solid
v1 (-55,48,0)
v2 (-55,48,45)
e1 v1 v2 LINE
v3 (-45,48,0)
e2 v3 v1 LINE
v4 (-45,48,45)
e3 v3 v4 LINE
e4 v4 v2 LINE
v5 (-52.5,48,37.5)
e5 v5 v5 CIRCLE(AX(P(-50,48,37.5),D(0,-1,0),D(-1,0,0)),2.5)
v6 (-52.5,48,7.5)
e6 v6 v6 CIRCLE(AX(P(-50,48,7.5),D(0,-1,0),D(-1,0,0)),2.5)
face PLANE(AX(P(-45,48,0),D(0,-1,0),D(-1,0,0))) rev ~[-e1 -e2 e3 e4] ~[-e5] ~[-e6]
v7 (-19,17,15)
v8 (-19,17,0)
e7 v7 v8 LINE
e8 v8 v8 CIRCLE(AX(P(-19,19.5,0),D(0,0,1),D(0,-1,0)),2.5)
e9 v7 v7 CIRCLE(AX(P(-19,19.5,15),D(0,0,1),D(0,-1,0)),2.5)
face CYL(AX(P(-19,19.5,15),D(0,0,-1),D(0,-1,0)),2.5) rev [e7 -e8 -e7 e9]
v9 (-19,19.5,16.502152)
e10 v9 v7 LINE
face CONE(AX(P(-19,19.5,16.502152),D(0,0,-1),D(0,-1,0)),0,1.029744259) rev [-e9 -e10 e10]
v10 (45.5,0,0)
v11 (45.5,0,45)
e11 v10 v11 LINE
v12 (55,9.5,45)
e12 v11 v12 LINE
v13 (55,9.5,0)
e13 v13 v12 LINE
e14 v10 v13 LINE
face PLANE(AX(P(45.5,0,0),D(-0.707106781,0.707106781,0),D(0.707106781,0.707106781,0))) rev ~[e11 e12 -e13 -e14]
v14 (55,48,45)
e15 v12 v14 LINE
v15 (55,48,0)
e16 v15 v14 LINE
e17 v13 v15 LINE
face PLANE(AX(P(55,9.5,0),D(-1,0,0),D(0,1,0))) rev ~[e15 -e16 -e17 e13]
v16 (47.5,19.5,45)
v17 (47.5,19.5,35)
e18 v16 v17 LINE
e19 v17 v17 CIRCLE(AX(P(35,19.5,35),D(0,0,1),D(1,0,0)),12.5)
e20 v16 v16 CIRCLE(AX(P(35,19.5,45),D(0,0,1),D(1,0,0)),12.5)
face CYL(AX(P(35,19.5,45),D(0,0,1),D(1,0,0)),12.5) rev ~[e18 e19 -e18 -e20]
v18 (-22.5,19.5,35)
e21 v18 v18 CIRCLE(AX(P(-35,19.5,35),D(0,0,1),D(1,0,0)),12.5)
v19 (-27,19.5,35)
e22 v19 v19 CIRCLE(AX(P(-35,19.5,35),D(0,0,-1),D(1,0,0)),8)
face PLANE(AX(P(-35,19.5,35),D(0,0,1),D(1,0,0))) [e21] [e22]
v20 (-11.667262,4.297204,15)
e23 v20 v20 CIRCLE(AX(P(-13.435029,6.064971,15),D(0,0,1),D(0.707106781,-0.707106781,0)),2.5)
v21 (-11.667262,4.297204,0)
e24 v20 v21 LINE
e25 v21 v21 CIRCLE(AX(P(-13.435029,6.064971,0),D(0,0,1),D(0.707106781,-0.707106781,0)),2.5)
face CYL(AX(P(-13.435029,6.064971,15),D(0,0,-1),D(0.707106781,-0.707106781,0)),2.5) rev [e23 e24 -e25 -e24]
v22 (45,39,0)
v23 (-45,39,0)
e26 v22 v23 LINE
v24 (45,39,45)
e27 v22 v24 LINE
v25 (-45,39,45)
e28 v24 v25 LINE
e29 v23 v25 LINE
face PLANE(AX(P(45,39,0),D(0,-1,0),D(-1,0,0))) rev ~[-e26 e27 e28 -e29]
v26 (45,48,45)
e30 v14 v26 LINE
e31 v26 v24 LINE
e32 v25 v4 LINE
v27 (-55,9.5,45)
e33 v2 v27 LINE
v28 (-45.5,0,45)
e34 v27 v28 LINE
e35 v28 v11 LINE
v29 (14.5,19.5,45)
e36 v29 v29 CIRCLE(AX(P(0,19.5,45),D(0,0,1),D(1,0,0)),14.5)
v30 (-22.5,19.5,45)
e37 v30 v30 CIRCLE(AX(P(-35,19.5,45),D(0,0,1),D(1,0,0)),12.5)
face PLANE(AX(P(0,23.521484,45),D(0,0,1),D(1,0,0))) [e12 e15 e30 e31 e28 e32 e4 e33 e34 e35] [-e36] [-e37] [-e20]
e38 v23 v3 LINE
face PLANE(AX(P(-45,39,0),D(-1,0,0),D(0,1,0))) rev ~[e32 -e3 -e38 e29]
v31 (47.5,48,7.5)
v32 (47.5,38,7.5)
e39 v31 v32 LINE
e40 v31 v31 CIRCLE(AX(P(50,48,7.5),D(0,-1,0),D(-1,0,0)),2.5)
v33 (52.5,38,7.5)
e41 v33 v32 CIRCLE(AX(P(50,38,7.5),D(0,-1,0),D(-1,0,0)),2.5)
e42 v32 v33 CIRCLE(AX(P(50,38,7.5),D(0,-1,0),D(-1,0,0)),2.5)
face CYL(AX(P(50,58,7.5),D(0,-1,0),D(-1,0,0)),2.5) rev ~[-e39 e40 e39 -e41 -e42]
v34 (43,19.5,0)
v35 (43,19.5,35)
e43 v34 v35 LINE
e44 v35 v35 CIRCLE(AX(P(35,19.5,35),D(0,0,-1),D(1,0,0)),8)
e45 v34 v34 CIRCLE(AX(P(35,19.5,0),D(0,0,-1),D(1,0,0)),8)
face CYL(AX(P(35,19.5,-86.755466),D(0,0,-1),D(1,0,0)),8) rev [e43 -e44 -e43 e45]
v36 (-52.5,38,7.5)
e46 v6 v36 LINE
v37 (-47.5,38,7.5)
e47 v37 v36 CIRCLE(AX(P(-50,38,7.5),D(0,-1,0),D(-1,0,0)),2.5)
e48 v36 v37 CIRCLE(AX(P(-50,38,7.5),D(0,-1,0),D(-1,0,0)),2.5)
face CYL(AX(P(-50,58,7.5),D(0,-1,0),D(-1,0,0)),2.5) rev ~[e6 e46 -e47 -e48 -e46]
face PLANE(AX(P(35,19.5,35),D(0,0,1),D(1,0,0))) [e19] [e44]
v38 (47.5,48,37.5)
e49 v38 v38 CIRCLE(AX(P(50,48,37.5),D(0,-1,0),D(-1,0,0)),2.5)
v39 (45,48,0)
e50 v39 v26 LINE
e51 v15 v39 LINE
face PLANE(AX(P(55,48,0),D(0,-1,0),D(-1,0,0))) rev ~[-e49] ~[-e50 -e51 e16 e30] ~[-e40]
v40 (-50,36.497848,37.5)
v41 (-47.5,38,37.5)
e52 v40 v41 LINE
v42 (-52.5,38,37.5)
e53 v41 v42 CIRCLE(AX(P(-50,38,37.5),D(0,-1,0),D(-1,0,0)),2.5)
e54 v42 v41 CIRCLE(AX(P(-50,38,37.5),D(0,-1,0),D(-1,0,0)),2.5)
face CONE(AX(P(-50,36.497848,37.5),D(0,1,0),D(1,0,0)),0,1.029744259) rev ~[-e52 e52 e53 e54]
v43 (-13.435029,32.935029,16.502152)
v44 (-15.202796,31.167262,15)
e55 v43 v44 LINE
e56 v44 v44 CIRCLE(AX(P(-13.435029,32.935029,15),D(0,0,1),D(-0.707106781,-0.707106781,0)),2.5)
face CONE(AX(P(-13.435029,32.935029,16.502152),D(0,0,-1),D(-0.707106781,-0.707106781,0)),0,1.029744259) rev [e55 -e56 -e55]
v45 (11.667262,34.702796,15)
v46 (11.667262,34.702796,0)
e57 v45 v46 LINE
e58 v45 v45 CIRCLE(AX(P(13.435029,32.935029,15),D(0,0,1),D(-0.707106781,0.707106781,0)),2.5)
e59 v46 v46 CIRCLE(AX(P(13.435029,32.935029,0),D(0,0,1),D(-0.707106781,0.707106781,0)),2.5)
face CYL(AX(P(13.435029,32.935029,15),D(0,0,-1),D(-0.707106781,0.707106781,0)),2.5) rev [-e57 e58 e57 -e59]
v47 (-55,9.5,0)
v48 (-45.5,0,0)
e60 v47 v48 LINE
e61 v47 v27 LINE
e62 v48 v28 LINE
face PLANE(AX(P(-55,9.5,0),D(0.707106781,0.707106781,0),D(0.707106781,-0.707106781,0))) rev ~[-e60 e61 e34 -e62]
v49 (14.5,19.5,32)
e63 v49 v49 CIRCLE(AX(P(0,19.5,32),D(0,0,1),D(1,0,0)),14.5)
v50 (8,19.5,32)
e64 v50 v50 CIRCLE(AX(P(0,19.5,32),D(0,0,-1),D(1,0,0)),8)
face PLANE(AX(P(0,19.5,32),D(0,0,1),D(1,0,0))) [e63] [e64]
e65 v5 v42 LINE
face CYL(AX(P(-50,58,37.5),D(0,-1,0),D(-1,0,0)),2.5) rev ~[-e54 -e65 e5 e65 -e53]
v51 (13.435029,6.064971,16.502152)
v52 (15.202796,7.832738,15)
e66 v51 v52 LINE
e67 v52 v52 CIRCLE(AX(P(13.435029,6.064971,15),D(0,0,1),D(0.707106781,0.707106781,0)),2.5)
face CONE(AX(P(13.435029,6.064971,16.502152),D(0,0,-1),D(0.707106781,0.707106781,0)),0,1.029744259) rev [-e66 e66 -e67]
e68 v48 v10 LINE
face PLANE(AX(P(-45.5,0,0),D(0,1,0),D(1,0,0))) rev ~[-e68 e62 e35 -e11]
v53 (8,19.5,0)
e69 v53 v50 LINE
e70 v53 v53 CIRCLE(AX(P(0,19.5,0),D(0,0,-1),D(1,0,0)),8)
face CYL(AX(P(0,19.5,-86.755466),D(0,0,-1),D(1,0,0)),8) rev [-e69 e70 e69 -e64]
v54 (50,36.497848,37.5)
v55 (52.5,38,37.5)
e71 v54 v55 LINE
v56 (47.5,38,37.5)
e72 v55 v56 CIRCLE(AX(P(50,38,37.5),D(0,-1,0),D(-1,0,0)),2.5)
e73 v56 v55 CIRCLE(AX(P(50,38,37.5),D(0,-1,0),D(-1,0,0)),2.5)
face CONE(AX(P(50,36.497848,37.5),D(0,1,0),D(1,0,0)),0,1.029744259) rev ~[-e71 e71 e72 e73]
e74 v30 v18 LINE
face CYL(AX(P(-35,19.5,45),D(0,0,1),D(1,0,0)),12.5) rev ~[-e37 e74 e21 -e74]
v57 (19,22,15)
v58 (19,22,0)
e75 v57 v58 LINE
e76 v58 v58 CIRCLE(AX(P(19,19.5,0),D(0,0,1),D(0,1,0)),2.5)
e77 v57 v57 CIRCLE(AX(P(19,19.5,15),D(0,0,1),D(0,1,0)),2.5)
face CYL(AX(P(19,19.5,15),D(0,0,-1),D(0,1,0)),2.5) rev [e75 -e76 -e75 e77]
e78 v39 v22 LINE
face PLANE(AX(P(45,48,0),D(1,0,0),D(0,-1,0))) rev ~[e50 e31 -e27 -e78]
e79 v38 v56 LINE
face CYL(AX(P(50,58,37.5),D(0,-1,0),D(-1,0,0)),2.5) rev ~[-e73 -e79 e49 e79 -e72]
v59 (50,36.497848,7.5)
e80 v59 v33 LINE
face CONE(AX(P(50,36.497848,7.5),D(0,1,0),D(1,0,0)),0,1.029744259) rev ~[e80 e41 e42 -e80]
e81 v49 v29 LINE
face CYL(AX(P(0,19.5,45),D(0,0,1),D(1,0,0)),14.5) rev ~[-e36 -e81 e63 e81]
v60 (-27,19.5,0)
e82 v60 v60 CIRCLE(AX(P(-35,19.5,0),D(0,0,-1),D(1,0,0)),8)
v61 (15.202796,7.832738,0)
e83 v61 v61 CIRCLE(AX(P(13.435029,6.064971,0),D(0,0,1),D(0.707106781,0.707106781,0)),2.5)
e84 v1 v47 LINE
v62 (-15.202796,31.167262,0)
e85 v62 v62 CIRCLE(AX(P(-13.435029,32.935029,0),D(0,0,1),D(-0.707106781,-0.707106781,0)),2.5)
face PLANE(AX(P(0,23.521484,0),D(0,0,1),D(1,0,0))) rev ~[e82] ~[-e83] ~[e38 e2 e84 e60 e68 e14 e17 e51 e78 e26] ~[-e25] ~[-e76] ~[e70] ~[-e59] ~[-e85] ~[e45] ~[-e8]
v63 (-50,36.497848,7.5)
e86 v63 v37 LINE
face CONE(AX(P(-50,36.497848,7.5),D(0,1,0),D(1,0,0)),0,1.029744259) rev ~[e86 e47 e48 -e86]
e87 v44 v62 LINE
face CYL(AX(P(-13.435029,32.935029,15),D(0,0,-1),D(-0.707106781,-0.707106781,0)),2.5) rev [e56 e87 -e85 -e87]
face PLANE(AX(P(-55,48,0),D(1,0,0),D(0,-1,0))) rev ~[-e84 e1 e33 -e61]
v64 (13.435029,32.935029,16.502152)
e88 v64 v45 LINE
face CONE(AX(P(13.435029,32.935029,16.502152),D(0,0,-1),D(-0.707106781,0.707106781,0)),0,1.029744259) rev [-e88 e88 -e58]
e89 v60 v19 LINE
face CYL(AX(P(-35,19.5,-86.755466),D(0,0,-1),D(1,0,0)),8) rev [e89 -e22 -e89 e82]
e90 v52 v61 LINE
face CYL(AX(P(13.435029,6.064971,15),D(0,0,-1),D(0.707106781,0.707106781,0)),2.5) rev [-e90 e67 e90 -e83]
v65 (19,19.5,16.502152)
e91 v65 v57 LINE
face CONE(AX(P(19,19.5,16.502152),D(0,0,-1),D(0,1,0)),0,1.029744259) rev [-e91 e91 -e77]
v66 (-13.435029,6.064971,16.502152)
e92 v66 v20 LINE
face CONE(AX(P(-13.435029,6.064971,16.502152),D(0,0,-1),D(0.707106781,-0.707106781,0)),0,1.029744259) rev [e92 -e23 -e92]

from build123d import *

# Parameters (mm, degrees)
BOSS_EXTRUDE1_DEPTH       = 45
M6X1_0_TAPPED_HOLE1_D     = 5
M6X1_0_TAPPED_HOLE1_DEPTH = 10
M6X1_0_TAPPED_HOLE1_TIP   = 1.502151548
SKETCH5_R                 = 12.5
SKETCH5_R_2               = 14.5
CUT_EXTRUDE1_DEPTH        = 10
SKETCH6_R                 = 14.5
CUT_EXTRUDE2_DEPTH        = 3
CUT_EXTRUDE3_DEPTH        = 86.755466298
CUT_EXTRUDE3_DEPTH_BACK   = 86.755466298
SKETCH7_R                 = 8
CIRPATTERN1_COUNT         = 8


with BuildPart() as part:
    # Sketch1 → Boss-Extrude1 (new body)
    with BuildSketch(Plane.XY):
        Polygon((-45.5, 0), (45.5, 0), (55, 9.5), (55, 48), (45, 48), (45, 39), (-45, 39), (-45, 48), (-55, 48), (-55, 9.5), align=None)
    extrude(amount=BOSS_EXTRUDE1_DEPTH)

    # M6x1.0 Tapped Hole1
    with Locations(Plane(origin=(0, 48, 0), x_dir=(1, 0, 0), z_dir=(0, 1, 0))):
        with Locations((-50, -7.5), (50, -7.5), (50, -37.5), (-50, -37.5)):
            Hole(M6X1_0_TAPPED_HOLE1_D / 2, depth=M6X1_0_TAPPED_HOLE1_DEPTH)
            with Locations((0, 0, -(M6X1_0_TAPPED_HOLE1_DEPTH + M6X1_0_TAPPED_HOLE1_TIP / 2))):  # 118° drill point
                Cone(0, M6X1_0_TAPPED_HOLE1_D / 2, M6X1_0_TAPPED_HOLE1_TIP, mode=Mode.SUBTRACT)

    # Sketch5 → Cut-Extrude1 (cut)
    with BuildSketch(Plane.XY.offset(45)):
        with Locations((-35, 19.5)):
            Circle(SKETCH5_R)
        with Locations((0, 19.5)):
            Circle(SKETCH5_R_2)
        with Locations((35, 19.5)):
            Circle(SKETCH5_R)
    extrude(amount=-CUT_EXTRUDE1_DEPTH, mode=Mode.SUBTRACT)

    # Sketch6 → Cut-Extrude2 (cut)
    with BuildSketch(Plane.XY.offset(35)):
        with Locations((0, 19.5)):
            Circle(SKETCH6_R)
    extrude(amount=-CUT_EXTRUDE2_DEPTH, mode=Mode.SUBTRACT)

    # Sketch7 → Cut-Extrude3 (cut, two sides: drawn at the far end of the back side and taken through both)
    with BuildSketch(Plane.XY.offset(-CUT_EXTRUDE3_DEPTH_BACK)):
        with Locations((0, 19.5)):
            Circle(SKETCH7_R)
        with Locations((35, 19.5)):
            Circle(SKETCH7_R)
        with Locations((-35, 19.5)):
            Circle(SKETCH7_R)
    extrude(amount=CUT_EXTRUDE3_DEPTH + CUT_EXTRUDE3_DEPTH_BACK, mode=Mode.SUBTRACT)

    # Sketch11 → M6x1.0 Tapped Hole2 (revolve, cut)
    with BuildSketch(Plane(origin=(19, 19.5, 0), x_dir=(0, 1, 0), z_dir=(1, 0, 0))):
        Polygon((0, 0), (0, 16.502151548), (2.5, 15), (2.5, 0), align=None)
    m6x1_0_tapped_hole2 = revolve(axis=Axis((19, 19.5, -6.35), (0, 0, 1)), mode=Mode.SUBTRACT)

    # CirPattern1: M6x1.0 Tapped Hole2 ×8 about axis, 2 skipped
    cirpattern1_axis = Axis((0, 19.5, 0), (0, 0, -1))
    add([m6x1_0_tapped_hole2.rotate(cirpattern1_axis, i * 360 / CIRPATTERN1_COUNT) for i in range(1, CIRPATTERN1_COUNT) if i not in (2, 6)], mode=Mode.SUBTRACT)


solid = part.part
